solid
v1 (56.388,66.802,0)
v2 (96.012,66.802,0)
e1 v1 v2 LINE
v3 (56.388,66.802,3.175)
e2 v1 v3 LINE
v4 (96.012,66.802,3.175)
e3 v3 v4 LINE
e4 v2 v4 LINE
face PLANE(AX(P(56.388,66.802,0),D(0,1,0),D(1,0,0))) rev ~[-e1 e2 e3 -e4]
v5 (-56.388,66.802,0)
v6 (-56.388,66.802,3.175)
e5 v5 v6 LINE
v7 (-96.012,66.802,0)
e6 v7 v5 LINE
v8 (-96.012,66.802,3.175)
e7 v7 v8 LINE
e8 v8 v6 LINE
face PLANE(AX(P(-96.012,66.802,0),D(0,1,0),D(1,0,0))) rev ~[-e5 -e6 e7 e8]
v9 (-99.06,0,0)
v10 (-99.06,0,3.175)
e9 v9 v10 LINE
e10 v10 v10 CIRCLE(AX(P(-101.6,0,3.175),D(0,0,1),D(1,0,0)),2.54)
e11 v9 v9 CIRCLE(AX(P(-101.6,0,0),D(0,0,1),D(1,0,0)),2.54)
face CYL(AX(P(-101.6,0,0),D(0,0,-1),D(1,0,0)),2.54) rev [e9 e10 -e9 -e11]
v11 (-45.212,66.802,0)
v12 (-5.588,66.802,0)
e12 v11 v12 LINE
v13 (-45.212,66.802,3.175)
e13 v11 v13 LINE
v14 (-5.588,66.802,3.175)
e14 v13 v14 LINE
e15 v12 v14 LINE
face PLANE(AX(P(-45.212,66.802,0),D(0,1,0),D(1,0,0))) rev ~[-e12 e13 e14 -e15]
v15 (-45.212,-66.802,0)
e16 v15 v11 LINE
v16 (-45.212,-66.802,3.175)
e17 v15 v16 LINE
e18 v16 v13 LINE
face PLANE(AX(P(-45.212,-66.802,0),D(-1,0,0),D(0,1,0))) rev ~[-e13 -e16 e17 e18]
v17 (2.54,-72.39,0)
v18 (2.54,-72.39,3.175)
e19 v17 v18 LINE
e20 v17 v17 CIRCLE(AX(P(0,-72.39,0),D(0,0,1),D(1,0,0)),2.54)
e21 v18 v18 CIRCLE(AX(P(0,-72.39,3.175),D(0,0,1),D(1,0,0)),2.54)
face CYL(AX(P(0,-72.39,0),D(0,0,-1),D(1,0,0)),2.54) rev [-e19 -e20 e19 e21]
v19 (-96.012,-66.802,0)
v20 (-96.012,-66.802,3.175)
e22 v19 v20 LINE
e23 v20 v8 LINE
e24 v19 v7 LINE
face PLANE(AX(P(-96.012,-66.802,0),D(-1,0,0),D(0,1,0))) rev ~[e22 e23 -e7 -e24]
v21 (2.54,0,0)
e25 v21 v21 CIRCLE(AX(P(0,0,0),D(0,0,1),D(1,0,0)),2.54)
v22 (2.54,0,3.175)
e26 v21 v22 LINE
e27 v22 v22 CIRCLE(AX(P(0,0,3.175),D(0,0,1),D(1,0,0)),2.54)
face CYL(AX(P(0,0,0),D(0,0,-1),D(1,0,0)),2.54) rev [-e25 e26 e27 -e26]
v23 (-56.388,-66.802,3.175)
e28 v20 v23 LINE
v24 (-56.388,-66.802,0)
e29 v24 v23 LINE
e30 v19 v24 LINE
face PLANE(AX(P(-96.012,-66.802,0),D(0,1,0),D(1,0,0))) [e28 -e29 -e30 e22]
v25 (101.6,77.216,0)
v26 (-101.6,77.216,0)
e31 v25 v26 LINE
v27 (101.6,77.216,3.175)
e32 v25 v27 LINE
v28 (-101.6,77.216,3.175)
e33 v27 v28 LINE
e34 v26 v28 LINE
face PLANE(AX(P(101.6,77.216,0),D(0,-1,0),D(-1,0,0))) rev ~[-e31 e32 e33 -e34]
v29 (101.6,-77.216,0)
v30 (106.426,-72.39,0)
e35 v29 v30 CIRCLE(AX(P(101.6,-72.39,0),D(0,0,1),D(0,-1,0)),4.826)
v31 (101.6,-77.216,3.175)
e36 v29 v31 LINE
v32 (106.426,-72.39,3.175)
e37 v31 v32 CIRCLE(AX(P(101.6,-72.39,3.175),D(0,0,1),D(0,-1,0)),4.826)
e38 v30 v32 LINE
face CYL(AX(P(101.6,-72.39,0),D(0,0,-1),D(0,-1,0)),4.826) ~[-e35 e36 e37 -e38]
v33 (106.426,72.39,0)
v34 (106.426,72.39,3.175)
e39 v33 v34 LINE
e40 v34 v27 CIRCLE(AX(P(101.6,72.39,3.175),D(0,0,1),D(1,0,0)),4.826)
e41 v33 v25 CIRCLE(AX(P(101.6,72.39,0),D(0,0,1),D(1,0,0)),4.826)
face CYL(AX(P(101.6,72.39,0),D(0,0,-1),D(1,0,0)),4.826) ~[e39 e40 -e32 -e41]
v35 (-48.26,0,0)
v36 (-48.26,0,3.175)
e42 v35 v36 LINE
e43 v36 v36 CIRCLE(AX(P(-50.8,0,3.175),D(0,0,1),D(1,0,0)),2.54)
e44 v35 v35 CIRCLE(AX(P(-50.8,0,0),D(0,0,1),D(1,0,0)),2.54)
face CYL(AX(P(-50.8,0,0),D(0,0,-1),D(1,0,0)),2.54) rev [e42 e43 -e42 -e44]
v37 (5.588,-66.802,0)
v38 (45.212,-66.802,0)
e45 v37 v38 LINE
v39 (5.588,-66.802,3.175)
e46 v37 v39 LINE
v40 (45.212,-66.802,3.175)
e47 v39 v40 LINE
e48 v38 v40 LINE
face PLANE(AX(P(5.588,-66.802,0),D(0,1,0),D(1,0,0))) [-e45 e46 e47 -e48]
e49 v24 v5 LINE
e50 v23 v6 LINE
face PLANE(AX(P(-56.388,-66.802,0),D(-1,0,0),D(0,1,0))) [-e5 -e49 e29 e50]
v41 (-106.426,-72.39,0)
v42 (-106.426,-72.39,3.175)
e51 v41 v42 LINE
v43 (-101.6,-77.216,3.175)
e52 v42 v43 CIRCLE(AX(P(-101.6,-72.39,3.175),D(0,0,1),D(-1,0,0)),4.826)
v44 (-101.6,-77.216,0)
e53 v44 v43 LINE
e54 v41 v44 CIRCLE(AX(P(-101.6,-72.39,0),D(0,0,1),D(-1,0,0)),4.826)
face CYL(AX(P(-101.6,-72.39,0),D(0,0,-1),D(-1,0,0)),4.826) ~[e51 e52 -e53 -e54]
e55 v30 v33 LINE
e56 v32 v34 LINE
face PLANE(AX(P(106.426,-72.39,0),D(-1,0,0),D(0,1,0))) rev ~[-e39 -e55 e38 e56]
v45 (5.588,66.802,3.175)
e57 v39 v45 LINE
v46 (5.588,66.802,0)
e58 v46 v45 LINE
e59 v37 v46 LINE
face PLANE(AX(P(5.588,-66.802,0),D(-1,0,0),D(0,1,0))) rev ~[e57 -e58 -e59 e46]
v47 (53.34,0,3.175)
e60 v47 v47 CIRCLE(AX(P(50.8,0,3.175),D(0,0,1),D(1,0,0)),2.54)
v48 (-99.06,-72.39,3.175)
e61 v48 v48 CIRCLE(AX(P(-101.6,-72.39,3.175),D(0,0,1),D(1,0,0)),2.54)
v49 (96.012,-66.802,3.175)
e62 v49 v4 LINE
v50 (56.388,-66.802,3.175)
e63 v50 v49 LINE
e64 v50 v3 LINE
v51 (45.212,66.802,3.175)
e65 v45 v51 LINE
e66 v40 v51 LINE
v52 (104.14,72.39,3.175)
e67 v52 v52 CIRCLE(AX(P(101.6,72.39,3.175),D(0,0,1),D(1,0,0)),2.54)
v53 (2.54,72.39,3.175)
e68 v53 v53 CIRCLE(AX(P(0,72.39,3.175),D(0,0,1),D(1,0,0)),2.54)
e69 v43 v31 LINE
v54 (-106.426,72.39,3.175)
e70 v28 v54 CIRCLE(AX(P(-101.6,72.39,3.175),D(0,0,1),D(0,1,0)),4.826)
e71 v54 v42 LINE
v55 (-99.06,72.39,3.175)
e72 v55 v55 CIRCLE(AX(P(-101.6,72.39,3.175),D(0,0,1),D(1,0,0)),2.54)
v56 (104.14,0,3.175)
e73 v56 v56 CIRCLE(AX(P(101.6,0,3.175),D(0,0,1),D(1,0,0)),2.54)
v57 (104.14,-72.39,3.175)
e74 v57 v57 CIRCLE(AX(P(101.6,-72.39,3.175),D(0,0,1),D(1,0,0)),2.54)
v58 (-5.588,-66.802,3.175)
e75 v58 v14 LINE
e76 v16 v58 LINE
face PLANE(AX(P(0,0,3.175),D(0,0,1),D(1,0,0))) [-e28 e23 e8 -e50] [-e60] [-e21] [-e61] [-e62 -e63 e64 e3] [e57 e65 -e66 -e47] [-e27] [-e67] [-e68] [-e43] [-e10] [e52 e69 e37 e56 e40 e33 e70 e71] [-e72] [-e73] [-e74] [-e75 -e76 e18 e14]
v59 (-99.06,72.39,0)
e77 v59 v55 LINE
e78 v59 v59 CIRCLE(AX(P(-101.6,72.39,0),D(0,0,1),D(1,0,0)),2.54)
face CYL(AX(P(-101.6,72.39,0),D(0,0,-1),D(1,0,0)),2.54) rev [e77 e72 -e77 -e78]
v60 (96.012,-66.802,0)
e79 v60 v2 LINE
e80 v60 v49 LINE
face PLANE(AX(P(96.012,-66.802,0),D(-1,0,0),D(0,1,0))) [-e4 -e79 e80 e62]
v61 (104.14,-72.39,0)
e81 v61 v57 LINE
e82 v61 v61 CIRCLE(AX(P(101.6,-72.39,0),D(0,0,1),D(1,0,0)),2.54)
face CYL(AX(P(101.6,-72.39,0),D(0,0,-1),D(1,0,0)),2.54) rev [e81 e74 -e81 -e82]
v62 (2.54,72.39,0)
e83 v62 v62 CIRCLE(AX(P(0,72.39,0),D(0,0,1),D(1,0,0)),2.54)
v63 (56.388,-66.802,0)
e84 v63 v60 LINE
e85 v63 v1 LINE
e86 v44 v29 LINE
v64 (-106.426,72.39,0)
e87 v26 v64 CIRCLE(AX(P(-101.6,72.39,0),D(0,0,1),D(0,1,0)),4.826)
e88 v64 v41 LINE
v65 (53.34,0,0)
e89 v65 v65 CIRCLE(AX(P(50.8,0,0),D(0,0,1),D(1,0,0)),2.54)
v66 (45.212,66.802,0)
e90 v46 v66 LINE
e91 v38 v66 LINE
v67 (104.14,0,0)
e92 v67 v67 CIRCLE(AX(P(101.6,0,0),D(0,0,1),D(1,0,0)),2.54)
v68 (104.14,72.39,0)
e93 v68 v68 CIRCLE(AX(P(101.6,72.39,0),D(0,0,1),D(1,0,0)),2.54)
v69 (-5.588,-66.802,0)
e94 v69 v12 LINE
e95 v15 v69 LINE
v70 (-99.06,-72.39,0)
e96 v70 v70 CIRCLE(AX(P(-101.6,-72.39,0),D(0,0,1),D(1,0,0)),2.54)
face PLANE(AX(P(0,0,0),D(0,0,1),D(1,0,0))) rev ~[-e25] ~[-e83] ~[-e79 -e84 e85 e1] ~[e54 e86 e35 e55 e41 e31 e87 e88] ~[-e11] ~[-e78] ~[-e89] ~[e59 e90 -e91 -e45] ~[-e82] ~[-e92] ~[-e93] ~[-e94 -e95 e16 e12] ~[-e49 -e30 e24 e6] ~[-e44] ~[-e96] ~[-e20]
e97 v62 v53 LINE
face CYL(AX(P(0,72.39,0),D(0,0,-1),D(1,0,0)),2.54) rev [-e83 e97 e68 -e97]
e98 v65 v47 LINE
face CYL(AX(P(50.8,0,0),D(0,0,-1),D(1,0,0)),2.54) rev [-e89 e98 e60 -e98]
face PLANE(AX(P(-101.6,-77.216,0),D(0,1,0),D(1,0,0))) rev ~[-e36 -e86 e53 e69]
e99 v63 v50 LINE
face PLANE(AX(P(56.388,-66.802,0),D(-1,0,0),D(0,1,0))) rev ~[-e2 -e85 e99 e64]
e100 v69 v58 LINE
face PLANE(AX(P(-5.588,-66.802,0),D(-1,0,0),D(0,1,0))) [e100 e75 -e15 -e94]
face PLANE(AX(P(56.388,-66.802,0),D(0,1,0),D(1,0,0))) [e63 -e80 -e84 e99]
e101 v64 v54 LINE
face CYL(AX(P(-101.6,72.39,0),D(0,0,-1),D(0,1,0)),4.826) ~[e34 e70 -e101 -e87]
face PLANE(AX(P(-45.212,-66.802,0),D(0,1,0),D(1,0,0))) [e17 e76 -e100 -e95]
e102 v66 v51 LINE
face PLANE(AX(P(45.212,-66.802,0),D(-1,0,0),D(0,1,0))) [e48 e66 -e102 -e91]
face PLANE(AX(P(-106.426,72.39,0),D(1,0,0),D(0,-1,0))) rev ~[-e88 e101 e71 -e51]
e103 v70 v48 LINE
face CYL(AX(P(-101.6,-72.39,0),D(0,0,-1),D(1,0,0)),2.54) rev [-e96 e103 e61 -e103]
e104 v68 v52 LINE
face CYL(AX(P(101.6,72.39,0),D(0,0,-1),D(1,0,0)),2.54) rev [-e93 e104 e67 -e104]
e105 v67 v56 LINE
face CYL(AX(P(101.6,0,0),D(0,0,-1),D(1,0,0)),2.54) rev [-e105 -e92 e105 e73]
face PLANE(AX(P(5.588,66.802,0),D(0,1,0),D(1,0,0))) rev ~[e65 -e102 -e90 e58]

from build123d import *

# Parameters (mm, degrees)
SKETCH1_R           = 2.54
SKETCH1_W           = 39.624
SKETCH1_H           = 133.604
BOSS_EXTRUDE1_DEPTH = 3.175


with BuildPart() as part:
    # Sketch1 → Boss-Extrude1 (new body)
    with BuildSketch(Plane.XY):
        with BuildLine():
            Line((106.426, 24.765), (106.426, 72.39))
            ThreePointArc((106.426, 72.39), (105.012497326, 75.802497326), (101.6, 77.216))
            Line((101.6, 77.216), (-101.6, 77.216))
            ThreePointArc((-101.6, 77.216), (-105.012497326, 75.802497326), (-106.426, 72.39))
            Line((-106.426, 72.39), (-106.426, 24.765))
            Line((-106.426, 24.765), (-106.426, -24.765))
            Line((-106.426, -24.765), (-106.426, -72.39))
            ThreePointArc((-106.426, -72.39), (-105.012497326, -75.802497326), (-101.6, -77.216))
            Line((-101.6, -77.216), (101.6, -77.216))
            ThreePointArc((101.6, -77.216), (105.012497326, -75.802497326), (106.426, -72.39))
            Line((106.426, -72.39), (106.426, -24.765))
            Line((106.426, -24.765), (106.426, 24.765))
        make_face()
        with Locations((-101.6, -72.39)):
            Circle(SKETCH1_R, mode=Mode.SUBTRACT)
        with Locations((0, -72.39)):
            Circle(SKETCH1_R, mode=Mode.SUBTRACT)
        with Locations((25.4, 0)):
            Rectangle(SKETCH1_W, SKETCH1_H, mode=Mode.SUBTRACT)
        with Locations((101.6, -72.39)):
            Circle(SKETCH1_R, mode=Mode.SUBTRACT)
        with Locations((-101.6, 0)):
            Circle(SKETCH1_R, mode=Mode.SUBTRACT)
        with Locations((-76.2, 0)):
            Rectangle(SKETCH1_W, SKETCH1_H, mode=Mode.SUBTRACT)
        with Locations((-101.6, 72.39)):
            Circle(SKETCH1_R, mode=Mode.SUBTRACT)
        with Locations((-50.8, 0)):
            Circle(SKETCH1_R, mode=Mode.SUBTRACT)
        with Locations((-25.4, 0)):
            Rectangle(SKETCH1_W, SKETCH1_H, mode=Mode.SUBTRACT)
        Circle(SKETCH1_R, mode=Mode.SUBTRACT)
        with Locations((50.8, 0)):
            Circle(SKETCH1_R, mode=Mode.SUBTRACT)
        with Locations((0, 72.39)):
            Circle(SKETCH1_R, mode=Mode.SUBTRACT)
        with Locations((76.2, 0)):
            Rectangle(SKETCH1_W, SKETCH1_H, mode=Mode.SUBTRACT)
        with Locations((101.6, 0)):
            Circle(SKETCH1_R, mode=Mode.SUBTRACT)
        with Locations((101.6, 72.39)):
            Circle(SKETCH1_R, mode=Mode.SUBTRACT)
    extrude(amount=BOSS_EXTRUDE1_DEPTH)


solid = part.part
